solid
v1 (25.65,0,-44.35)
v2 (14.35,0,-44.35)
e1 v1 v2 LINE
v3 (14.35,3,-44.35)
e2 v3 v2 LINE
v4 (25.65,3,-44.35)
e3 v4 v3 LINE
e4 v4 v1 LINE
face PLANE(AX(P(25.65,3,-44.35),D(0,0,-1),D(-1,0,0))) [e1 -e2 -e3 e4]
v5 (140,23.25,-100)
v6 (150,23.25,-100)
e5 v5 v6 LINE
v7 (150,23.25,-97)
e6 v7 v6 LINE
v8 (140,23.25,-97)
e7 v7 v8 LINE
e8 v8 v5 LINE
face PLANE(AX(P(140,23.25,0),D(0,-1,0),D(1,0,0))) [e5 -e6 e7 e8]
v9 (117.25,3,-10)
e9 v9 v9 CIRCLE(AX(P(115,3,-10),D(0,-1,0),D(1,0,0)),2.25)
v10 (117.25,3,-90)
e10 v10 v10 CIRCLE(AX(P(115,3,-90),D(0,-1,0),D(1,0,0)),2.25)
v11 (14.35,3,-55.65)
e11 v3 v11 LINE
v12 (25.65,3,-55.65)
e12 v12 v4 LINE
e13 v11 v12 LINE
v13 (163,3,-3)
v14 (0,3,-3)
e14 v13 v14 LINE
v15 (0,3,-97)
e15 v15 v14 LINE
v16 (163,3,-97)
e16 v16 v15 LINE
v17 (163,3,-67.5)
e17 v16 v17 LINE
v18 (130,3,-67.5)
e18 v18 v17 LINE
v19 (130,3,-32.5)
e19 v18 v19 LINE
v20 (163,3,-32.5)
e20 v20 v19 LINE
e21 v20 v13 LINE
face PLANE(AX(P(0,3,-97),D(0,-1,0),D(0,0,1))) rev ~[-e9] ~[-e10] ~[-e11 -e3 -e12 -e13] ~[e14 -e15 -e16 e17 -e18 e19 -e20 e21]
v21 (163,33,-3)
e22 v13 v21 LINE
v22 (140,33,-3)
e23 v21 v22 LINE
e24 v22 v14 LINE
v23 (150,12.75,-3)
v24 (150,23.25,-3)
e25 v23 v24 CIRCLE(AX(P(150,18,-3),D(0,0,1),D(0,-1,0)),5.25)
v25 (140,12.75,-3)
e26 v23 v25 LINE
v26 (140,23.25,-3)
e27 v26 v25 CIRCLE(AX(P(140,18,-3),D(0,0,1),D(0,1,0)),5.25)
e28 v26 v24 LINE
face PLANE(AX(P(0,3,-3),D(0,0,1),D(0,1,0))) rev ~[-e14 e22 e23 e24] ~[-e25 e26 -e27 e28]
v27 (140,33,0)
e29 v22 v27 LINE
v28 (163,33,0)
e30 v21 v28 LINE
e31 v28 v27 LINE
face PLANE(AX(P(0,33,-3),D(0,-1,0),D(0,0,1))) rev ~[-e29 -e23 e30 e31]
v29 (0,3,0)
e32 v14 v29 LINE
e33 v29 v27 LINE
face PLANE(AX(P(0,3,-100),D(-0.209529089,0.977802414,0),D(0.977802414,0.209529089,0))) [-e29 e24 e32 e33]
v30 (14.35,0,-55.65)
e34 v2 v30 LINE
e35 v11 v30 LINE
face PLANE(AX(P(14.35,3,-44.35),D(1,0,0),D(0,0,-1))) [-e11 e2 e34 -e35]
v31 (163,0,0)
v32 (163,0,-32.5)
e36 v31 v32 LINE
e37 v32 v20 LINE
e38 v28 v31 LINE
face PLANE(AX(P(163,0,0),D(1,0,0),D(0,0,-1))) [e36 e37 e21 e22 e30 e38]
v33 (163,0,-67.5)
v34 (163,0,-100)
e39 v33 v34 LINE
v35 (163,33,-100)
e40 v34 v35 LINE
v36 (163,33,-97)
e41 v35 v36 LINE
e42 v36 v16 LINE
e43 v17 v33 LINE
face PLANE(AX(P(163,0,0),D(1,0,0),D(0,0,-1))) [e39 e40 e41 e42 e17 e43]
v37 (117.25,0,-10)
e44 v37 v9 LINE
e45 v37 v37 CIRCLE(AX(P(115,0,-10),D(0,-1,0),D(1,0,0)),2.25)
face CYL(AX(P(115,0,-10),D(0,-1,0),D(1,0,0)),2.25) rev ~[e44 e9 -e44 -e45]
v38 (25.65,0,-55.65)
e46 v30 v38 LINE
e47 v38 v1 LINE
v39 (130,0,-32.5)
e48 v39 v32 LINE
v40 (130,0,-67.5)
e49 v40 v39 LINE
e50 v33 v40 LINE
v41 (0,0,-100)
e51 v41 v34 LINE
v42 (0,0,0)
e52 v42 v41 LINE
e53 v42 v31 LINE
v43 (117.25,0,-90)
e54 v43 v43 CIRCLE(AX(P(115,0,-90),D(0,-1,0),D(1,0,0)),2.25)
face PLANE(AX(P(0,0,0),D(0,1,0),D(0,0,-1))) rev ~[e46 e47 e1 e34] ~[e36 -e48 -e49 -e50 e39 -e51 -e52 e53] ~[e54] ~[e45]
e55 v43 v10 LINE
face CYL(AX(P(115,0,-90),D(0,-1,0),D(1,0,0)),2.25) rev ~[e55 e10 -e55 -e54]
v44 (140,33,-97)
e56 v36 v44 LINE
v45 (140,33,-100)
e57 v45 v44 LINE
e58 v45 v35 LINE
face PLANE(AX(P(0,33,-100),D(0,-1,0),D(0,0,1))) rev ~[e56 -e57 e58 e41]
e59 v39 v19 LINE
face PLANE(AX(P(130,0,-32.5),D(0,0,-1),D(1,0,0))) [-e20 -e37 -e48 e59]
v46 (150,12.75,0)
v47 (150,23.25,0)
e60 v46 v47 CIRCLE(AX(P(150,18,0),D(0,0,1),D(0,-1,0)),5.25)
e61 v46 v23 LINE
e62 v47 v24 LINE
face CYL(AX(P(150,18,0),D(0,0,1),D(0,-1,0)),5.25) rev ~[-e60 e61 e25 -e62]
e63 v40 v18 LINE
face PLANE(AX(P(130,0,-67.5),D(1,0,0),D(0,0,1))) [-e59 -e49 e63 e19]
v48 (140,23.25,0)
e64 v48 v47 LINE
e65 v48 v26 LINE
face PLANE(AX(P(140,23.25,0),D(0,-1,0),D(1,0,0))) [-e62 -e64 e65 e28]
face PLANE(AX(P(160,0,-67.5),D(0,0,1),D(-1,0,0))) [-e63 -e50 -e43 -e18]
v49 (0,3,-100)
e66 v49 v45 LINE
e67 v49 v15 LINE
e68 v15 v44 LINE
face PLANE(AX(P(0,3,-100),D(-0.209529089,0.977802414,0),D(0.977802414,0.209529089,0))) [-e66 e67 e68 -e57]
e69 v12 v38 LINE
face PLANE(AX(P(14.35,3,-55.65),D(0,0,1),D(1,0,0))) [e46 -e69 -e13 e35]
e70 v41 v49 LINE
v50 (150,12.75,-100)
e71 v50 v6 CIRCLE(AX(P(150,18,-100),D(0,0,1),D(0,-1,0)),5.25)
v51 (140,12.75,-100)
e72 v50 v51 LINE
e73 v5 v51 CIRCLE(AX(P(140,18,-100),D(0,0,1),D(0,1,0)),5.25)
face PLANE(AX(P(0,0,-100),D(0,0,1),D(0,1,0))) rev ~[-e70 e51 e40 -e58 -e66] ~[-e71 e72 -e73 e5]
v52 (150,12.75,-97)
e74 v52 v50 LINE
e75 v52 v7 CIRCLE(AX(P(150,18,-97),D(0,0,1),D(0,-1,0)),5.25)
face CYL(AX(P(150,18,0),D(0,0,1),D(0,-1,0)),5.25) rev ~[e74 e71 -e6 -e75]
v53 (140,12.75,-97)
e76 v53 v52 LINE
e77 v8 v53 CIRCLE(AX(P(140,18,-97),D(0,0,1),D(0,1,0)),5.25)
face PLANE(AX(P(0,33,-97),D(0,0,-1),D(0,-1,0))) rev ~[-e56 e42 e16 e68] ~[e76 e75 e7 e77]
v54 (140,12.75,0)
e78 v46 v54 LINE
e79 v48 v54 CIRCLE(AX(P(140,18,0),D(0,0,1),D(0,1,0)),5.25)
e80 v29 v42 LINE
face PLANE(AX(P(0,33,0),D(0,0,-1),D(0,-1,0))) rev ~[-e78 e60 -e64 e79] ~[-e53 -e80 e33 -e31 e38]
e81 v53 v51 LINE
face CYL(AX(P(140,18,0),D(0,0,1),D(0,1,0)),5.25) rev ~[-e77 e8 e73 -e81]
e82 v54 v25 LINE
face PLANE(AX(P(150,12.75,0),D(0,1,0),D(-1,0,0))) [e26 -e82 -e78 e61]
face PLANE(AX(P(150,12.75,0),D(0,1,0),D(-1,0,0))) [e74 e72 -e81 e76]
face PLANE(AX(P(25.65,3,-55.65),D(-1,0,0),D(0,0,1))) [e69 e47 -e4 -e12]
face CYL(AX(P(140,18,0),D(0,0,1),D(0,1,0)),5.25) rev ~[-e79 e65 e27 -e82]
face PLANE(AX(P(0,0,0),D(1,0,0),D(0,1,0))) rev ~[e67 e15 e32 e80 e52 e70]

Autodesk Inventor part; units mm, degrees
ref_plane "YZ Plane" through (0, 0, 0) normal (1, 0, 0) x (0, 1, 0)
ref_plane "XZ Plane" through (0, 0, 0) normal (0, 1, 0) x (-1, 0, 0)
ref_plane "XY Plane" through (0, 0, 0) normal (0, 0, 1) x (1, 0, 0)
sketch "Náčrt1" plane through (0, 0, 0) normal (1, 0, 0) x (0, 1, 0)
  line L0 (0, 0) -> (0, -100)
  line L1 (0, -100) -> (33, -100)
  line L2 (33, -100) -> (33, -97)
  line L3 (33, -97) -> (3, -97)
  line L4 (3, -97) -> (3, -3)
  line L5 (3, -3) -> (33, -3)
  line L6 (33, -3) -> (33, 0)
  line L7 (33, 0) -> (0, 0)
  dimension "d0" = 100
  dimension "d1" = 33
  dimension "d2" = 3
  dimension "d3" = 30
  dimension "d4" = 94
  dimension "d5" = 30
  dimension "d6" = 3
extrude "Vysunutí1" add sketch "Náčrt1" along normal blind 160
sketch "Náčrt4" plane through (0, 3, -3) normal (0, 1, 0) x (1, 0, 0)
  line L0 (0, 94) -> (0, 0) projected
  line L1 (0, 0) -> (160, 0) projected
  line L2 (160, 94) -> (160, 0) projected
  line L3 (0, 94) -> (160, 94) projected
  line L4 (14.35, 52.65) -> (25.65, 52.65)
  line L5 (25.65, 52.65) -> (25.65, 41.35)
  line L6 (25.65, 41.35) -> (14.35, 41.35)
  line L7 (14.35, 41.35) -> (14.35, 52.65)
  line L8 (0, 97) -> (160, 97) projected
  point P0 (0, -3)
  point P1 (20, 41.35)
  point P2 (14.35, 47)
  dimension "d104" = 11.3
  dimension "d105" = 11.3
  dimension "d106" = 50
  dimension "d107" = 140
extrude "Vysunutí4" cut sketch "Náčrt4" against normal through all contours L4 L5 L6 L7
sketch "Náčrt7" plane through (0, 0, -100) normal (0, -1, 0) x (1, 0, 0)
  line L0 (0, 100) -> (0, 0) projected
  line L1 (0, 0) -> (160, 0) projected
  line L2 (160, 100) -> (160, 0) projected
  line L3 (0, 100) -> (160, 100) projected
  circle A0 centre (115, 90) radius 2.25
  circle A1 centre (115, 10) radius 2.25
  dimension "d76" = 4.5
  dimension "d77" = 4.5
  dimension "d78" = 10
  dimension "d79" = 10
  dimension "d80" = 115
  dimension "d81" = 115
extrude "Vysunutí7" cut sketch "Náčrt7" against normal through all contours A0 | A1
sketch "Náčrt8" plane through (0, 0, -100) normal (0, 0, -1) x (-1, 0, 0)
  line L0 (0, 0) -> (0, 33) projected
  line L1 (0, 33) -> (-160, 33) projected
  line L2 (-160, 0) -> (-160, 33) projected
  line L3 (0, 0) -> (-160, 0) projected
  line L4 (0, 3) -> (-160, 3) projected
  line L5 (0, 0) -> (0, 33) projected
  line L6 (0, 3) -> (-140, 33)
  line L7 (0, 33) -> (-160, 33) projected
  line L8 (0, 3) -> (0, 33)
  line L9 (0, 33) -> (-140, 33)
  dimension "d85" = 140
  dimension "d86" = 30
extrude "Vysunutí8" cut sketch "Náčrt8" against normal through all contours L6 L1 L0
sketch "Náčrt9" plane through (0, 0, -100) normal (0, -1, 0) x (1, 0, 0)
  circle A0 centre (115, 90) radius 2.25 projected
  circle A1 centre (115, 10) radius 2.25 projected
  line L0 (0, 100) -> (0, 0) projected
  line L1 (0, 0) -> (160, 0) projected
  line L2 (160, 100) -> (160, 0) projected
  line L3 (0, 100) -> (160, 100) projected
  line L4 (130, 67.5) -> (160, 67.5)
  line L5 (160, 67.5) -> (160, 32.5)
  line L6 (160, 32.5) -> (130, 32.5)
  line L7 (130, 32.5) -> (130, 67.5)
  line L8 (160, 100) -> (160, 0) projected
  point P0 (130, 50)
  dimension "d90" = 35
  dimension "d91" = 50
  dimension "d92" = 30
  dimension "d93" = 30
extrude "Vysunutí9" cut sketch "Náčrt9" against normal through all contours L2 L6 L7 L4
sketch "Náčrt10" plane through (160, 0, 0) normal (1, 0, 0) x (0, 0, -1)
  line L0 (67.5, 3) -> (67.5, 0) projected
  line L1 (67.5, 0) -> (100, 0) projected
  line L2 (100, 0) -> (100, 33) projected
  line L3 (100, 33) -> (97, 33) projected
  line L4 (97, 33) -> (97, 3) projected
  line L5 (97, 3) -> (67.5, 3) projected
  line L6 (32.5, 0) -> (32.5, 3) projected
  line L7 (32.5, 3) -> (3, 3) projected
  line L8 (3, 3) -> (3, 33) projected
  line L9 (3, 33) -> (0, 33) projected
  line L10 (0, 33) -> (0, 0) projected
  line L11 (0, 0) -> (32.5, 0) projected
extrude "Vysunutí10" add sketch "Náčrt10" along normal blind 3
sketch "Náčrt11" plane through (0, 0, 0) normal (0, 0, 1) x (1, 0, 0)
  line L0 (140, 33) -> (0, 3) projected
  line L1 (0, 3) -> (0, 0) projected
  line L2 (0, 0) -> (163, 0) projected
  line L3 (163, 33) -> (163, 0) projected
  line L4 (140, 33) -> (163, 33) projected
  arc A0 (150, 12.75) -> (150, 23.25) centre (150, 18) ccw
  arc A1 (140, 23.25) -> (140, 12.75) centre (140, 18) ccw
  line L5 (150, 12.75) -> (140, 12.75)
  line L6 (140, 23.25) -> (150, 23.25)
  dimension "d98" = 10.5
  dimension "d99" = 10.5
  dimension "d100" = 10
  dimension "d101" = 13
  dimension "d108" = 15
extrude "Vysunutí11" cut sketch "Náčrt11" against normal through all contours L5 A1 L6 A0
properties part number "U-profil 100x40 - pod case"
